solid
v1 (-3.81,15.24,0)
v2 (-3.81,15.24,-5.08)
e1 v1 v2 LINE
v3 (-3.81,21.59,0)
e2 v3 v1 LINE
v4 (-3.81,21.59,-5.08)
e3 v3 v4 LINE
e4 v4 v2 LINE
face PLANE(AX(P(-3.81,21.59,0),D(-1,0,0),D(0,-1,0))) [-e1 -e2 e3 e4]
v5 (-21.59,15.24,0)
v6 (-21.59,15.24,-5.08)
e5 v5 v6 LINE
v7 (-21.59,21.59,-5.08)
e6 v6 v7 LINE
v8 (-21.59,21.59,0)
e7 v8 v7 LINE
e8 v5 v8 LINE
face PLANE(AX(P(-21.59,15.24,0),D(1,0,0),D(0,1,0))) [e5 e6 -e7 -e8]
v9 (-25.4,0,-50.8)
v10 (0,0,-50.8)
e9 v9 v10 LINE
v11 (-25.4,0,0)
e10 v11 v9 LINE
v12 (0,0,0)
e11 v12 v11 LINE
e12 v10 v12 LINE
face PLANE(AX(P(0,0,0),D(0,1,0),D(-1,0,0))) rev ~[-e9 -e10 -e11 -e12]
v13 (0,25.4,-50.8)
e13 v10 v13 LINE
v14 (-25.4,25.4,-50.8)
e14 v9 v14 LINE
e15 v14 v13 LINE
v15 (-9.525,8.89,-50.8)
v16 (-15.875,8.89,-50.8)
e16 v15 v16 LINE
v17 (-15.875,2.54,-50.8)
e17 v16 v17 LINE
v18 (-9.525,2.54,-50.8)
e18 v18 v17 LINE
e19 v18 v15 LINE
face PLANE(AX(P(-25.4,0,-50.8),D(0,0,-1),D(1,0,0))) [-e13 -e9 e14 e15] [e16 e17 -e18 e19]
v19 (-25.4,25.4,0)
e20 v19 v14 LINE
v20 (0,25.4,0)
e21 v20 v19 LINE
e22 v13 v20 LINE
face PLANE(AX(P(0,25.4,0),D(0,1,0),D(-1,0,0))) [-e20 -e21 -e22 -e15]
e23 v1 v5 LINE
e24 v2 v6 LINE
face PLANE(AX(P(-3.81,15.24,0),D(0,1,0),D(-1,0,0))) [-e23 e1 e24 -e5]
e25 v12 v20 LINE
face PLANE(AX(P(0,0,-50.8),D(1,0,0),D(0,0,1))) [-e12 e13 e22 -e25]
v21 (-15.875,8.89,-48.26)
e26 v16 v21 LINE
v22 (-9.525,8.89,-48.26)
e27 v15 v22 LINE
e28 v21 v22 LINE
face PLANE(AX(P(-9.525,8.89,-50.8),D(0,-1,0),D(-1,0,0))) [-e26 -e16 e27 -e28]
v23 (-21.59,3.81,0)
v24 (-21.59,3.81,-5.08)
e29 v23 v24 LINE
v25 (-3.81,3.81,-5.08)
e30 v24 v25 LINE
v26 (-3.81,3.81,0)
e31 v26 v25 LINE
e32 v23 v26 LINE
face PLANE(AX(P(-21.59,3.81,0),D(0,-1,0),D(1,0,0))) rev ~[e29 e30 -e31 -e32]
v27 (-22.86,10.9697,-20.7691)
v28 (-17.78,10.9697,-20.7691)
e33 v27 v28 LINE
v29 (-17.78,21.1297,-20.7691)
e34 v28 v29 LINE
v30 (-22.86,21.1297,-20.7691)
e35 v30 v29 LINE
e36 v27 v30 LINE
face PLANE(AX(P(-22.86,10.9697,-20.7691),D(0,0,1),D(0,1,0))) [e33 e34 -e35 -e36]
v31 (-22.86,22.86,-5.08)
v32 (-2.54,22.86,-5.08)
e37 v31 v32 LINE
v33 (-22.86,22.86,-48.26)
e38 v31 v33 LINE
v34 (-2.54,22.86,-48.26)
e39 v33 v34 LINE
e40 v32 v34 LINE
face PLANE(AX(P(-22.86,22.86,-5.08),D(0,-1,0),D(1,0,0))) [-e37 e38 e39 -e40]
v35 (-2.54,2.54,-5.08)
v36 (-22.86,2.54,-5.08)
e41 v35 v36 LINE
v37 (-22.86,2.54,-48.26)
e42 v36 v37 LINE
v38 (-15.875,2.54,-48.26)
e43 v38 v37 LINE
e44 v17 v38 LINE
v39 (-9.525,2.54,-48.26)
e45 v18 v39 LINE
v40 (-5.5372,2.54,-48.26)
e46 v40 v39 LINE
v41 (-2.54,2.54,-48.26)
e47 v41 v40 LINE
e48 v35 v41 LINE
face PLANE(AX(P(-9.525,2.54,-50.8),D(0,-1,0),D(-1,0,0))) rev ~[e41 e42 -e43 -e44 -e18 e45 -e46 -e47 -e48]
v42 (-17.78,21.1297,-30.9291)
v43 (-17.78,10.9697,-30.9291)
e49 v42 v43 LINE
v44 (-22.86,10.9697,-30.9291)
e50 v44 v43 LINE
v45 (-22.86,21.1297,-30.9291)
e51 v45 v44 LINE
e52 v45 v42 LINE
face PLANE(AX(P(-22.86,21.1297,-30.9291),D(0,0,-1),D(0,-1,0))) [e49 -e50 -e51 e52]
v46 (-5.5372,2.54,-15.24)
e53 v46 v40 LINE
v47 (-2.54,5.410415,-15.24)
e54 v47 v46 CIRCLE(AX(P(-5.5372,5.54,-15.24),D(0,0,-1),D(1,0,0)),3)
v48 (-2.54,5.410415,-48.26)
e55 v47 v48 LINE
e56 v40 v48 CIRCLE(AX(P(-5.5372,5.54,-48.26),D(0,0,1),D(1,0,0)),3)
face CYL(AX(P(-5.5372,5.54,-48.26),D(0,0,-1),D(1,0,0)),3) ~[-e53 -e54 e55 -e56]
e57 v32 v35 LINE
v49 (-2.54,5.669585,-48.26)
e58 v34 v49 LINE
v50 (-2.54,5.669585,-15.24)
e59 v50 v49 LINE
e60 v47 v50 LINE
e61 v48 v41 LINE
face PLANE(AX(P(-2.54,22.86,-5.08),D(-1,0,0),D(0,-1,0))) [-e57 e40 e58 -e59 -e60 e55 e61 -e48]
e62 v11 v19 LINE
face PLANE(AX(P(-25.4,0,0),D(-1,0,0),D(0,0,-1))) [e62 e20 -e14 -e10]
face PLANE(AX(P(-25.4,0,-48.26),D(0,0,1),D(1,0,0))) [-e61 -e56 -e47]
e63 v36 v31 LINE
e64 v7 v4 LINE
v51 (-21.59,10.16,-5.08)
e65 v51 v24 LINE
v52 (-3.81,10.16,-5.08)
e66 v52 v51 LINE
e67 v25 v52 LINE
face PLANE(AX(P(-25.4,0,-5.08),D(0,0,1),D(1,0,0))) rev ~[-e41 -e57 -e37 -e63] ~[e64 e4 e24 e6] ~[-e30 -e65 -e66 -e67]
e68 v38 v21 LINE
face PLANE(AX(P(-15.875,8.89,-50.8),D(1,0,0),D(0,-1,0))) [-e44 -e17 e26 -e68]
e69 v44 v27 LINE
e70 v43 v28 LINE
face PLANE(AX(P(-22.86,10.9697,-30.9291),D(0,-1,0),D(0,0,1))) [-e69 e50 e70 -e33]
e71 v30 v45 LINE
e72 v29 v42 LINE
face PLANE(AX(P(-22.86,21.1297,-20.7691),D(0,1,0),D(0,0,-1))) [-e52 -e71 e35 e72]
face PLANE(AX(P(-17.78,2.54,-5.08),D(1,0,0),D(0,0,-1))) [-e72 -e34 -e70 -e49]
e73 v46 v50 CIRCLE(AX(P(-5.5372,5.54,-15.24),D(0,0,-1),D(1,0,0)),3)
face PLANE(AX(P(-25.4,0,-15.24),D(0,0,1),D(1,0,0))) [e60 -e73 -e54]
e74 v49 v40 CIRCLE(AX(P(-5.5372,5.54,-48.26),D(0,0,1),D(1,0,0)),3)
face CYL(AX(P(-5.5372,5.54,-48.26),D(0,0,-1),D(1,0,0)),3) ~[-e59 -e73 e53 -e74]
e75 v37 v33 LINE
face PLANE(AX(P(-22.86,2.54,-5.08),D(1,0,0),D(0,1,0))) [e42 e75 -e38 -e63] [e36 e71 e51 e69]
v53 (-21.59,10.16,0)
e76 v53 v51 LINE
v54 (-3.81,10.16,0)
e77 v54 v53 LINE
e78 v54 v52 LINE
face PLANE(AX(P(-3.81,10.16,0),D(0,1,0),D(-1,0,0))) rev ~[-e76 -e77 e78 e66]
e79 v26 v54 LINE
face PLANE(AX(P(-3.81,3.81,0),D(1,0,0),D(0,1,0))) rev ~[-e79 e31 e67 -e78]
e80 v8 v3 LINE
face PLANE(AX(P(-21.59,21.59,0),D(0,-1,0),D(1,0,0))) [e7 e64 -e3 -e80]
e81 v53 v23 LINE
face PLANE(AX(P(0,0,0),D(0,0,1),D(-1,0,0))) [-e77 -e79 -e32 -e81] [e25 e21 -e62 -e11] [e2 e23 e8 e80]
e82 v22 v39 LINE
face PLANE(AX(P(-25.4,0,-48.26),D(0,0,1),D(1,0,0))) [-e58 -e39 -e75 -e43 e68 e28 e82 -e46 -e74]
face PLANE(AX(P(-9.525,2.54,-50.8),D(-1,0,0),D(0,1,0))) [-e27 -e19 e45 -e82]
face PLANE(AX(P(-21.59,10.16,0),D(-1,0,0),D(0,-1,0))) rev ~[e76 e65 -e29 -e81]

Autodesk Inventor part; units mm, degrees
ref_plane "YZ Plane" through (0, 0, 0) normal (1, 0, 0) x (0, 1, 0)
ref_plane "XZ Plane" through (0, 0, 0) normal (0, 1, 0) x (-1, 0, 0)
sketch "Sketch1" plane through (0, 0, 0) normal (0, 1, 0) x (-1, 0, 0)
  point P0 (0, 0)
sketch "Sketch2" plane through (0, 0, 0) normal (0, 1, 0) x (-1, 0, 0)
  line L0 (0, 0) -> (25.4, 0)
  line L1 (25.4, 0) -> (25.4, -50.8)
  line L2 (25.4, -50.8) -> (0, -50.8)
  line L3 (0, -50.8) -> (0, 0)
  dimension "d0" = 25.4
  dimension "d1" = 50.8
extrude "Extrusion1" add sketch "Sketch2" along normal blind 25.4
sketch "Sketch3" plane through (-25.4, 0, 0) normal (0, 0, 1) x (1, 0, 0)
  line L0 (0, 25.4) -> (25.4, 25.4) projected
  line L1 (0, 0) -> (0, 25.4) projected
  line L2 (25.4, 0) -> (25.4, 25.4) projected
  line L3 (3.81, 21.59) -> (21.59, 21.59)
  line L4 (21.59, 21.59) -> (21.59, 15.24)
  line L5 (21.59, 15.24) -> (3.81, 15.24)
  line L6 (3.81, 15.24) -> (3.81, 21.59)
  line L7 (25.4, 0) -> (0, 0) projected
  line L8 (3.81, 3.81) -> (21.59, 3.81)
  line L9 (21.59, 3.81) -> (21.59, 10.16)
  line L10 (21.59, 10.16) -> (3.81, 10.16)
  line L11 (3.81, 10.16) -> (3.81, 3.81)
  dimension "d4" = 3.81
  dimension "d5" = 3.81
  dimension "d6" = 3.81
  dimension "d7" = 6.35
  dimension "d8" = 3.81
  dimension "d9" = 6.35
extrude "Extrusion2" cut sketch "Sketch3" against normal blind 5.08 contours L3 L4 L5 L6 | L11 L10 L9 L8
ref_plane "Work Plane1" through (-25.4, 0, -5.08) normal (0, 0, 1) x (1, 0, 0)
sketch "Sketch4" plane through (-25.4, 0, -5.08) normal (0, 0, 1) x (1, 0, 0)
  line L0 (2.54, 22.86) -> (22.86, 22.86)
  line L1 (22.86, 22.86) -> (22.86, 2.54)
  line L2 (22.86, 2.54) -> (2.54, 2.54)
  line L3 (2.54, 2.54) -> (2.54, 22.86)
  line L4 (0, 25.4) -> (25.4, 25.4) projected
  line L5 (0, 0) -> (0, 25.4) projected
  line L6 (25.4, 0) -> (25.4, 25.4) projected
  line L7 (25.4, 0) -> (0, 0) projected
  dimension "d13" = 2.54
  dimension "d14" = 2.54
  dimension "d15" = 2.54
  dimension "d16" = 2.54
extrude "Extrusion3" cut sketch "Sketch4" against normal blind 43.18 contours L0 L1 L2 L3
sketch "Sketch5" plane through (0, 0, -50.8) normal (0, 0, -1) x (-1, 0, 0)
  line L0 (2.54, 2.54) -> (22.86, 2.54) projected
  line L1 (9.525, 8.89) -> (15.875, 8.89)
  line L2 (15.875, 8.89) -> (15.875, 2.54)
  line L3 (15.875, 2.54) -> (9.525, 2.54)
  line L4 (9.525, 2.54) -> (9.525, 8.89)
  line L5 (0, 0) -> (0, 25.4) projected
  dimension "d19" = 6.35
  dimension "d20" = 6.35
  dimension "d21" = 9.525
extrude "Extrusion4" cut sketch "Sketch5" against normal blind 12.7
sketch "Sketch6" plane through (-22.86, 2.54, -5.08) normal (1, 0, 0) x (0, 0, -1)
  line L0 (15.6891, 18.5897) -> (25.8491, 18.5897)
  line L1 (25.8491, 18.5897) -> (25.8491, 8.4297)
  line L2 (25.8491, 8.4297) -> (15.6891, 8.4297)
  line L3 (15.6891, 8.4297) -> (15.6891, 18.5897)
  point P0 (-5.08, -2.54)
  dimension "d24" = 10.16
  dimension "d25" = 10.16
extrude "Extrusion5" add sketch "Sketch6" along normal blind 5.08
sketch "Sketch7" plane through (-25.4, 0, -48.26) normal (0, 0, 1) x (1, 0, 0)
  line L0 (22.86, 2.54) -> (15.875, 2.54) projected
  line L1 (22.86, 22.86) -> (22.86, 2.54) projected
  circle A0 centre (19.8628, 5.54) radius 3
  point P0 (25.4, 0)
  dimension "d28" = 3
  dimension "d29" = 2.9972
  dimension "d30" = 6
extrude "Extrusion6" add sketch "Sketch7" along normal blind 33.02 contours A0 L1 | L1 A0
properties part number "sensor pod"
